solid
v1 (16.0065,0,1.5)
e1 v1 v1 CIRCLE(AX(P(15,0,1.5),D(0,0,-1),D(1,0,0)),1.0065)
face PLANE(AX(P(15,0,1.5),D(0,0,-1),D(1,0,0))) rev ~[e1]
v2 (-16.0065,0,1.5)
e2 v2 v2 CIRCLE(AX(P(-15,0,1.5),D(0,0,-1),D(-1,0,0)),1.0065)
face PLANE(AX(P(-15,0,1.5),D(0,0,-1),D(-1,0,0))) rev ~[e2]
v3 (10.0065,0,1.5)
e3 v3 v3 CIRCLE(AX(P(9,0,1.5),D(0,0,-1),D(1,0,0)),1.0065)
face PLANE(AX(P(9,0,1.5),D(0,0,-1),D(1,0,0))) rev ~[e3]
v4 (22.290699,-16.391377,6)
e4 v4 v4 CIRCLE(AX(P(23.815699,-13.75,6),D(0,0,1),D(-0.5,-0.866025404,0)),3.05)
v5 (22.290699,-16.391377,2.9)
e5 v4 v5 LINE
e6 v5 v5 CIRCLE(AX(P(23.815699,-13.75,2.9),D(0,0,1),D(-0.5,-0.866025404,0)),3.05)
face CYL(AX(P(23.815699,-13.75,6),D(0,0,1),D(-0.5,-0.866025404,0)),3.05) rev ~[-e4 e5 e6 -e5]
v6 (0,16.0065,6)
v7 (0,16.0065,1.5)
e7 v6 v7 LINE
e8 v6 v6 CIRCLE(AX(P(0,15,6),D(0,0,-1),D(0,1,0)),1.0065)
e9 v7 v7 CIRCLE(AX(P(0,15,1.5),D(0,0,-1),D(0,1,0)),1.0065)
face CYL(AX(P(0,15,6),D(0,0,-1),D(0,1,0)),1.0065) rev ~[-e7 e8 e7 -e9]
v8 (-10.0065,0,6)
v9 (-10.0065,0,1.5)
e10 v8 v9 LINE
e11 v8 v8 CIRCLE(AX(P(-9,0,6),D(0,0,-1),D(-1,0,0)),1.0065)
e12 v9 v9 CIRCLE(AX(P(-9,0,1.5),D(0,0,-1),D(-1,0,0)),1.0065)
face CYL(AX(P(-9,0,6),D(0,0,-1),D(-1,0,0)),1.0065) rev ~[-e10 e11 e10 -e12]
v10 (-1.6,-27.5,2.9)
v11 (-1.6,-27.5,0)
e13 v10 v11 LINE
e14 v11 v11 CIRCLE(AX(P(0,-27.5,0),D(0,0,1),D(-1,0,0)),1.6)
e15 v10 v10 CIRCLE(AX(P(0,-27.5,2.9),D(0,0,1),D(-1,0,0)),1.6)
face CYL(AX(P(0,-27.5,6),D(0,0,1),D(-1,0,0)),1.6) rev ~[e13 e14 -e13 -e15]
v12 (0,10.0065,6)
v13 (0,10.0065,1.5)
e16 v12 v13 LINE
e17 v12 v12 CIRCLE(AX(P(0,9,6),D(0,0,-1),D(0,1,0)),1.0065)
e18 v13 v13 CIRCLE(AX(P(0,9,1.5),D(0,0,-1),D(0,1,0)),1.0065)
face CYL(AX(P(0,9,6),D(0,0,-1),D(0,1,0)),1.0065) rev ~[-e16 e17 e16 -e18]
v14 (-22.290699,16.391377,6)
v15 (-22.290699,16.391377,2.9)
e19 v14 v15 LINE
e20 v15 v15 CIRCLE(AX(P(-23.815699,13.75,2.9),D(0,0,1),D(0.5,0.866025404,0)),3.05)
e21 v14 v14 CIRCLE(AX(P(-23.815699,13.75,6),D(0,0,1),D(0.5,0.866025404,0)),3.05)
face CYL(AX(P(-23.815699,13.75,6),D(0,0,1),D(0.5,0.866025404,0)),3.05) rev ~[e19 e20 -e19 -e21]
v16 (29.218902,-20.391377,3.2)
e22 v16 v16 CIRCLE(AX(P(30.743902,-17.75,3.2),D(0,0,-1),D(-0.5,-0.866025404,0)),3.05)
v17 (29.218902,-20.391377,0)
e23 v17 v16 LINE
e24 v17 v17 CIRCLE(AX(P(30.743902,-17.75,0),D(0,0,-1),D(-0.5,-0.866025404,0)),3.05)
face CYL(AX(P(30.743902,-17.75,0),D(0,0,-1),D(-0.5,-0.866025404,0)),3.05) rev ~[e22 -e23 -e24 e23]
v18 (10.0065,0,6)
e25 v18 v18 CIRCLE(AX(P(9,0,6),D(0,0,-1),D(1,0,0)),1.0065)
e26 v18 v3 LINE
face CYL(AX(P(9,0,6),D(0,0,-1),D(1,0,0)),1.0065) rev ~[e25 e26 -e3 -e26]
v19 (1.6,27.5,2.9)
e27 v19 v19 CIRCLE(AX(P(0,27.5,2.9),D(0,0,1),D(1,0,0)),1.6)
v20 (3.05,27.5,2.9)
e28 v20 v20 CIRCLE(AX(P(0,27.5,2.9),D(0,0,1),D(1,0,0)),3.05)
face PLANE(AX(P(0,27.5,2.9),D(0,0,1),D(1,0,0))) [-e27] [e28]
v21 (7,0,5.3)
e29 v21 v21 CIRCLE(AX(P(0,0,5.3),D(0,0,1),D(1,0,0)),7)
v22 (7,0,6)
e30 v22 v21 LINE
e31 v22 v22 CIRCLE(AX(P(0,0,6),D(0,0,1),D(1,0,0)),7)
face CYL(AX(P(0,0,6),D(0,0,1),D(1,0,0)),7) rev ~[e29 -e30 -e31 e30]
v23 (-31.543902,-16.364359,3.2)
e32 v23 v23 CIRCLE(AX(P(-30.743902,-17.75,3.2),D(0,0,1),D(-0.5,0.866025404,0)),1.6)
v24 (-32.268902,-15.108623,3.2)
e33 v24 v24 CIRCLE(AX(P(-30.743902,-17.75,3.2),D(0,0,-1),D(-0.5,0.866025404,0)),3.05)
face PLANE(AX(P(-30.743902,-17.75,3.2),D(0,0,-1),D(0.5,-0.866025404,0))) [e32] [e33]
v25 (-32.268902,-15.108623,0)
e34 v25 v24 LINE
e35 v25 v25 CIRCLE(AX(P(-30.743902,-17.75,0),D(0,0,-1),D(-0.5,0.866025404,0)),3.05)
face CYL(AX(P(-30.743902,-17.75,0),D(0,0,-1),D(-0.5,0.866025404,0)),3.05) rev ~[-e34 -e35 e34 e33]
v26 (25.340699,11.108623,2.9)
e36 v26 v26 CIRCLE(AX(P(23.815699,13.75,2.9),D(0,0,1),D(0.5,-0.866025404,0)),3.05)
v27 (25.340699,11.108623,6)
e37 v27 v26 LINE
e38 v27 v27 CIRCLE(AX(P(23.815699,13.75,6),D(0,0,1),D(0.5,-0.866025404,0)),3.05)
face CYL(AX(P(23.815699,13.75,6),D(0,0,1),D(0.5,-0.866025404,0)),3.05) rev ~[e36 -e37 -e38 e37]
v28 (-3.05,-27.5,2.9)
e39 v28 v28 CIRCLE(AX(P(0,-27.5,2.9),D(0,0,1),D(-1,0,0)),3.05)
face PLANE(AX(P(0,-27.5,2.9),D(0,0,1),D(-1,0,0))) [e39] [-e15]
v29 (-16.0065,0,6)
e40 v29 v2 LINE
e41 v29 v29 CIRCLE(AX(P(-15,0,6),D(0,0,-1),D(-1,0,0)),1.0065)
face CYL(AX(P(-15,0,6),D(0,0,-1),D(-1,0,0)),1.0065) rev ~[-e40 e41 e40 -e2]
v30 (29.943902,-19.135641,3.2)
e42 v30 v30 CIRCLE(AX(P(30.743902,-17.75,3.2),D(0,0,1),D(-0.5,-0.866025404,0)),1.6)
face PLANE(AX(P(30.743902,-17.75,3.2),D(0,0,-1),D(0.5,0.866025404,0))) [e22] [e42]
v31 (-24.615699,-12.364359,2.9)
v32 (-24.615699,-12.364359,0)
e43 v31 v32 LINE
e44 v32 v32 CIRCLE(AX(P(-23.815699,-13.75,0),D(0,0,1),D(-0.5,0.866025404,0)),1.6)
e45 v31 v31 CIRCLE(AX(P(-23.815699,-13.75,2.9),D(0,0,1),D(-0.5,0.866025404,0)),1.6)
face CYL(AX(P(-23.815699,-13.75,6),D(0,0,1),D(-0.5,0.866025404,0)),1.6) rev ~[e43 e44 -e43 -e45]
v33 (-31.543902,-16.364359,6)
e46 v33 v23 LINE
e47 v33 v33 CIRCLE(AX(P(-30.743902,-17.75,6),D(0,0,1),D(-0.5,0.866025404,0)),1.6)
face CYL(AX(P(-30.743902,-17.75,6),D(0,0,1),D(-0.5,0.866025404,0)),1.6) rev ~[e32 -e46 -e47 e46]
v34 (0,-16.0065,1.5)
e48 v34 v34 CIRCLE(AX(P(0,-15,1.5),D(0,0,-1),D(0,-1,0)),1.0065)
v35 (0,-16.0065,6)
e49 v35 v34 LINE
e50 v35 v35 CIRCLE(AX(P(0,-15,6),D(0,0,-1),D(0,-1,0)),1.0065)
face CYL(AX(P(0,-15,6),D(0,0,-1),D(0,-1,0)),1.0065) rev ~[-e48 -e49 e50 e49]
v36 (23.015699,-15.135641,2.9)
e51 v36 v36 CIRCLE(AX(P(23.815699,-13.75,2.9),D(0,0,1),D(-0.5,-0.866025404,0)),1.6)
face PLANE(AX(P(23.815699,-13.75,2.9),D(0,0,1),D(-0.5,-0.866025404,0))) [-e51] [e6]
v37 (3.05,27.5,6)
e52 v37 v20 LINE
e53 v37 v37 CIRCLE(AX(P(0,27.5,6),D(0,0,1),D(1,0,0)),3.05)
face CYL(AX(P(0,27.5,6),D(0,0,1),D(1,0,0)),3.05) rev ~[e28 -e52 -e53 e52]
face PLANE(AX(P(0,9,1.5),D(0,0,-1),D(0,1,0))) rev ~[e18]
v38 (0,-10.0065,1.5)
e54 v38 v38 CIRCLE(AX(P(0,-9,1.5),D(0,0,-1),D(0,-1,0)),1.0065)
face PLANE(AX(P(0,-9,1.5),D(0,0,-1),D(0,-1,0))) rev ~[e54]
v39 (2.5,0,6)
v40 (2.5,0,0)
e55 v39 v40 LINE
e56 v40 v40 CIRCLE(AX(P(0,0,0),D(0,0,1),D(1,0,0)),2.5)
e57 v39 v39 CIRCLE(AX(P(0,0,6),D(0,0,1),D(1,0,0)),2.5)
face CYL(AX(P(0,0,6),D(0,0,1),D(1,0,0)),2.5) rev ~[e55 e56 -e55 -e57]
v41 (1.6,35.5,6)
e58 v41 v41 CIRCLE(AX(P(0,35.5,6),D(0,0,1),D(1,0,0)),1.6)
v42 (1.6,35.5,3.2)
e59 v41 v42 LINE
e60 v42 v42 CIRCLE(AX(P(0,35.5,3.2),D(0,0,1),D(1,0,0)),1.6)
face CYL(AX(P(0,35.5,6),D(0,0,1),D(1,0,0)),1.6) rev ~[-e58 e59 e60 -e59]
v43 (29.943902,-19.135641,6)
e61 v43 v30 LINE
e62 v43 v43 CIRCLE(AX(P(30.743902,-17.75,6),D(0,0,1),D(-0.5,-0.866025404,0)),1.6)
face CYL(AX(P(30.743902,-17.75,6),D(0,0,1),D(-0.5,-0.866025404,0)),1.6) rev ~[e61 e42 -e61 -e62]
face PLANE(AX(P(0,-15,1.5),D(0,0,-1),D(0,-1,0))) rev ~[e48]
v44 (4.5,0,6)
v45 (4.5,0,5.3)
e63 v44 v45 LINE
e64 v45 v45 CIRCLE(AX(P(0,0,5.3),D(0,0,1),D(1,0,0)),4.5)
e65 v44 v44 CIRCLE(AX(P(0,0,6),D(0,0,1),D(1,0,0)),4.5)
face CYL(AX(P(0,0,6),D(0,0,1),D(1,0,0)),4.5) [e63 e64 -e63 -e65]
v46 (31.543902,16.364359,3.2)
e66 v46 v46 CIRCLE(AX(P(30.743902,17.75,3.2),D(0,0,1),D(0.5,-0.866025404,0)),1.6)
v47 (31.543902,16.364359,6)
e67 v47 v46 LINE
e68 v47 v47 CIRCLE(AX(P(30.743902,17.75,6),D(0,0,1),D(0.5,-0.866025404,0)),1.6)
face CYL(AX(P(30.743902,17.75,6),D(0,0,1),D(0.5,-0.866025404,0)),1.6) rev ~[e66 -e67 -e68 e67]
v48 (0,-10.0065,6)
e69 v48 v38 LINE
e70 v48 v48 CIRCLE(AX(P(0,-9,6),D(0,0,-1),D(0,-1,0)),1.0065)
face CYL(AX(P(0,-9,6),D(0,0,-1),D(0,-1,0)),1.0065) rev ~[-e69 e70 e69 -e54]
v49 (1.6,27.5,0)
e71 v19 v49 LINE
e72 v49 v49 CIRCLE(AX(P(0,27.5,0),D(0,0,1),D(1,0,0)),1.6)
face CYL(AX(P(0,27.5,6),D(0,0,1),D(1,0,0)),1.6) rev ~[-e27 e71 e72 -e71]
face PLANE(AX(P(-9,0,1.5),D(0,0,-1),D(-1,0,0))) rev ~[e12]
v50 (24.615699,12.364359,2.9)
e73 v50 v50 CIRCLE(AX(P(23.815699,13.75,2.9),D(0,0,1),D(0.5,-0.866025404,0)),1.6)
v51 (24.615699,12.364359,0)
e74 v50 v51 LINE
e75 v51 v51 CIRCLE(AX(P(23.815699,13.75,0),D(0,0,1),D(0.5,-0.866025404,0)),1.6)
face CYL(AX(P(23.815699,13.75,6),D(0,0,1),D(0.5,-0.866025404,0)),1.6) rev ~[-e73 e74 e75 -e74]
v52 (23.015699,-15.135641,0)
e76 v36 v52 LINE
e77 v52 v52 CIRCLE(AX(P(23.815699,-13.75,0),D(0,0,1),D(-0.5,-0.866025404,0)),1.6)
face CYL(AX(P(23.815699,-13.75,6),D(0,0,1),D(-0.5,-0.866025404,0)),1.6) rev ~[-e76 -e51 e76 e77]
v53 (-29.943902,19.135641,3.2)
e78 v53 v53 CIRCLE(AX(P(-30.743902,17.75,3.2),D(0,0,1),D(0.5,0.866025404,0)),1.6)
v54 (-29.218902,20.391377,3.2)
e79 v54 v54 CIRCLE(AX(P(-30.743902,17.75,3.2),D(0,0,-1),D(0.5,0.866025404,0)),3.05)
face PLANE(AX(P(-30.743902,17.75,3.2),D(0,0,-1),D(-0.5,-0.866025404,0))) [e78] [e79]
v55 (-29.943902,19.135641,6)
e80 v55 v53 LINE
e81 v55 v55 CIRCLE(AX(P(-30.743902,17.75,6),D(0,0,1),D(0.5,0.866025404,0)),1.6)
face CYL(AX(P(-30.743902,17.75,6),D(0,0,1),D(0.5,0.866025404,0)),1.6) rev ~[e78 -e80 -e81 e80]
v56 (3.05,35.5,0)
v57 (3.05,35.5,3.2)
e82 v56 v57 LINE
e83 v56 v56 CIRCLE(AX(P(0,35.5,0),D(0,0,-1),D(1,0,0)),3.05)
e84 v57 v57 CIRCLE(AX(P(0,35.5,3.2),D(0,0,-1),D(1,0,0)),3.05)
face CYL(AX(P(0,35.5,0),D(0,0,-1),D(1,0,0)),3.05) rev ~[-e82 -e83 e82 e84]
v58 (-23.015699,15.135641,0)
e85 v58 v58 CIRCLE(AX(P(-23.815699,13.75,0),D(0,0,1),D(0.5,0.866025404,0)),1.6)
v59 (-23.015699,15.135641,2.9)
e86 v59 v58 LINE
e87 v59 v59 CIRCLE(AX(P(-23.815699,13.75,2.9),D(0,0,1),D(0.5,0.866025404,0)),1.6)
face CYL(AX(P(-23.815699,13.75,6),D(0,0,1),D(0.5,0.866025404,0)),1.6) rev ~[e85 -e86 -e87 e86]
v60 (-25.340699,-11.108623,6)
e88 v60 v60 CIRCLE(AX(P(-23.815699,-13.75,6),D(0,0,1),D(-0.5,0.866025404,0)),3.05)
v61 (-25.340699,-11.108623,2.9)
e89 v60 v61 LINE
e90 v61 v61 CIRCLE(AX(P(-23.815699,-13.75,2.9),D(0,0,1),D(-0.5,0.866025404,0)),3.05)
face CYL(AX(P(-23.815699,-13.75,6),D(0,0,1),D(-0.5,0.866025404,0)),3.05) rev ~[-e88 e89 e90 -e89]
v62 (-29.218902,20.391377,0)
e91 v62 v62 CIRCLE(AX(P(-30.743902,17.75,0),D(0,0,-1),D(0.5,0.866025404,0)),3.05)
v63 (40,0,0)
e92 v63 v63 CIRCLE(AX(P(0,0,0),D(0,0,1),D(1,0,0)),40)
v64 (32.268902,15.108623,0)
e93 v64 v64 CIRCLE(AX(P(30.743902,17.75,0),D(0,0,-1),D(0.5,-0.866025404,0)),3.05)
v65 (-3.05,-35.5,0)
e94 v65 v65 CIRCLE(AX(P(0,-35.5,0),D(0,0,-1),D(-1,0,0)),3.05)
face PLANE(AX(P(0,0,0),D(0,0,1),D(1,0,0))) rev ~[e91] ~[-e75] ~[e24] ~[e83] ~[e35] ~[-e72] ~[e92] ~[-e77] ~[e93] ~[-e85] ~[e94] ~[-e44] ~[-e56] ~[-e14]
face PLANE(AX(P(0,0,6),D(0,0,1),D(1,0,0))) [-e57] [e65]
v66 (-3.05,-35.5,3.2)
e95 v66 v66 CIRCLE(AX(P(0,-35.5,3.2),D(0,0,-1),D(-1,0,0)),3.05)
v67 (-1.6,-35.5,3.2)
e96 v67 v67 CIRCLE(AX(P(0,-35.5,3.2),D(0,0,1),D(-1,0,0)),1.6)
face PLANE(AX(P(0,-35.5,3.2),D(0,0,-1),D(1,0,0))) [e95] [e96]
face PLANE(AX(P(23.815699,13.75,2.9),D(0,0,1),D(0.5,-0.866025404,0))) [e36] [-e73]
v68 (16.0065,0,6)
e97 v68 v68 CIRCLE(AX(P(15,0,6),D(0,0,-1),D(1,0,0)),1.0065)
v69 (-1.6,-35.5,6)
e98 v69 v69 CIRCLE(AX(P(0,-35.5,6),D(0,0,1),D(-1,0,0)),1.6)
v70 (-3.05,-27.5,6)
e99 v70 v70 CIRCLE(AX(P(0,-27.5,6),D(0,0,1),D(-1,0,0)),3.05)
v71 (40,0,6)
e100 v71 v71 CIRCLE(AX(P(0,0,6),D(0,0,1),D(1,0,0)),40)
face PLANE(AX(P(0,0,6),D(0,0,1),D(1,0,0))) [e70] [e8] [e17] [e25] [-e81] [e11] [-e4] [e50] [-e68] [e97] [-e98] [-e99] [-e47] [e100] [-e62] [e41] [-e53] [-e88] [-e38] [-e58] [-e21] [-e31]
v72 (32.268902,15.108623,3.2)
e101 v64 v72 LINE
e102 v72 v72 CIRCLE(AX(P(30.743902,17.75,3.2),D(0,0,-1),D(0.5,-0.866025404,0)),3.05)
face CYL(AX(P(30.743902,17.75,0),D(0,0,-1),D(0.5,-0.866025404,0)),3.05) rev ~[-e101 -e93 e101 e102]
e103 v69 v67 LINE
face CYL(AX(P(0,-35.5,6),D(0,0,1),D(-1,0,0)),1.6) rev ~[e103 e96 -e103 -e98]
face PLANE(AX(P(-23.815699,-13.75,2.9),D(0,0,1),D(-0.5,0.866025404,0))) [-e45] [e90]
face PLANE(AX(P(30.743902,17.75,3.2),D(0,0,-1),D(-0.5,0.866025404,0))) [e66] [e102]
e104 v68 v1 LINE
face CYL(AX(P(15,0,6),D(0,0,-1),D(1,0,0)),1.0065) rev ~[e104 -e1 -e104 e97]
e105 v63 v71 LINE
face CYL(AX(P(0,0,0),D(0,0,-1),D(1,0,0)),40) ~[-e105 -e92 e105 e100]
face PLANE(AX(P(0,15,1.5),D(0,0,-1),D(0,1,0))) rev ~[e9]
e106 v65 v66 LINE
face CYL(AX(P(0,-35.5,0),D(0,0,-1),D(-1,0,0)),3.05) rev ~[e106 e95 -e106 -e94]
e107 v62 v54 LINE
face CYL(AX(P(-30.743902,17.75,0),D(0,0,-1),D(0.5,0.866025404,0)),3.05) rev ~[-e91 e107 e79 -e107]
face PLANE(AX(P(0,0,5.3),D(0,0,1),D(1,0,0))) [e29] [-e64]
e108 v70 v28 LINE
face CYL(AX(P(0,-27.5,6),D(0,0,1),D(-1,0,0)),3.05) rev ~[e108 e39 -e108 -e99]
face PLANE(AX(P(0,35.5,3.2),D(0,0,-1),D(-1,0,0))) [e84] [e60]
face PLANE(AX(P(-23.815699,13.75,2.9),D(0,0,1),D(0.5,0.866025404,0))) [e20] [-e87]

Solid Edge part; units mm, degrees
sketch "Sketch1" plane through (0, 0, 0) normal (0, 0, 1) x (1, 0, 0)
  circle A0 centre (0, 0) radius 40
extrude "Protrusion1" add sketch "Sketch1" along normal blind 6
sketch "Sketch2" plane through (0, 0, 6) normal (0, 0, 1) x (1, 0, 0)
  circle A0 centre (0, 27.5) radius 1.6
  circle A1 centre (0, 35.5) radius 1.6
extrude "Cutout1" cut sketch "Sketch2" against normal up to next
sketch "Sketch3" plane through (0, 0, 0) normal (0, 0, -1) x (1, 0, 0)
  circle A0 centre (0, -35.5) radius 3.05
extrude "ExtrudedCutout_2" cut sketch "Sketch3" against normal blind 3.2
sketch "Sketch4" plane through (0, 0, 6) normal (0, 0, 1) x (1, 0, 0)
  circle A0 centre (0, 27.5) radius 3.05
extrude "ExtrudedCutout_5" cut sketch "Sketch4" against normal blind 3.1
pattern_circular "Pattern1" count 6 over 360 about axis through (0, 0, 6) along (0, 0, -1) of "Cutout1", "ExtrudedCutout_2", "ExtrudedCutout_5"
sketch "Sketch5" plane through (0, 0, 6) normal (0, 0, 1) x (1, 0, 0)
  circle A0 centre (0, 0) radius 2.5
extrude "Cutout2" cut sketch "Sketch5" against normal up to next
sketch "Sketch6" plane through (0, 0, 6) normal (0, 0, 1) x (1, 0, 0)
  circle A0 centre (0, 0) radius 4.5
  circle A1 centre (0, 0) radius 7
extrude "ExtrudedCutout_4" cut sketch "Sketch6" against normal blind 0.7
hole "Hole_3" at (0, -9, 6) direction (0, 0, -1) diameter 2.013 depth 4.5 thread major 2.5 thread length 2
hole "Hole1" at (0, -15, 6) direction (0, 0, -1) diameter 2.013 depth 4.5 thread major 2.5 thread length 2
pattern_circular "Pattern4" count 4 over 360 about axis through (0, 0, 6) along (0, 0, 1) of "Hole_3", "Hole1"
